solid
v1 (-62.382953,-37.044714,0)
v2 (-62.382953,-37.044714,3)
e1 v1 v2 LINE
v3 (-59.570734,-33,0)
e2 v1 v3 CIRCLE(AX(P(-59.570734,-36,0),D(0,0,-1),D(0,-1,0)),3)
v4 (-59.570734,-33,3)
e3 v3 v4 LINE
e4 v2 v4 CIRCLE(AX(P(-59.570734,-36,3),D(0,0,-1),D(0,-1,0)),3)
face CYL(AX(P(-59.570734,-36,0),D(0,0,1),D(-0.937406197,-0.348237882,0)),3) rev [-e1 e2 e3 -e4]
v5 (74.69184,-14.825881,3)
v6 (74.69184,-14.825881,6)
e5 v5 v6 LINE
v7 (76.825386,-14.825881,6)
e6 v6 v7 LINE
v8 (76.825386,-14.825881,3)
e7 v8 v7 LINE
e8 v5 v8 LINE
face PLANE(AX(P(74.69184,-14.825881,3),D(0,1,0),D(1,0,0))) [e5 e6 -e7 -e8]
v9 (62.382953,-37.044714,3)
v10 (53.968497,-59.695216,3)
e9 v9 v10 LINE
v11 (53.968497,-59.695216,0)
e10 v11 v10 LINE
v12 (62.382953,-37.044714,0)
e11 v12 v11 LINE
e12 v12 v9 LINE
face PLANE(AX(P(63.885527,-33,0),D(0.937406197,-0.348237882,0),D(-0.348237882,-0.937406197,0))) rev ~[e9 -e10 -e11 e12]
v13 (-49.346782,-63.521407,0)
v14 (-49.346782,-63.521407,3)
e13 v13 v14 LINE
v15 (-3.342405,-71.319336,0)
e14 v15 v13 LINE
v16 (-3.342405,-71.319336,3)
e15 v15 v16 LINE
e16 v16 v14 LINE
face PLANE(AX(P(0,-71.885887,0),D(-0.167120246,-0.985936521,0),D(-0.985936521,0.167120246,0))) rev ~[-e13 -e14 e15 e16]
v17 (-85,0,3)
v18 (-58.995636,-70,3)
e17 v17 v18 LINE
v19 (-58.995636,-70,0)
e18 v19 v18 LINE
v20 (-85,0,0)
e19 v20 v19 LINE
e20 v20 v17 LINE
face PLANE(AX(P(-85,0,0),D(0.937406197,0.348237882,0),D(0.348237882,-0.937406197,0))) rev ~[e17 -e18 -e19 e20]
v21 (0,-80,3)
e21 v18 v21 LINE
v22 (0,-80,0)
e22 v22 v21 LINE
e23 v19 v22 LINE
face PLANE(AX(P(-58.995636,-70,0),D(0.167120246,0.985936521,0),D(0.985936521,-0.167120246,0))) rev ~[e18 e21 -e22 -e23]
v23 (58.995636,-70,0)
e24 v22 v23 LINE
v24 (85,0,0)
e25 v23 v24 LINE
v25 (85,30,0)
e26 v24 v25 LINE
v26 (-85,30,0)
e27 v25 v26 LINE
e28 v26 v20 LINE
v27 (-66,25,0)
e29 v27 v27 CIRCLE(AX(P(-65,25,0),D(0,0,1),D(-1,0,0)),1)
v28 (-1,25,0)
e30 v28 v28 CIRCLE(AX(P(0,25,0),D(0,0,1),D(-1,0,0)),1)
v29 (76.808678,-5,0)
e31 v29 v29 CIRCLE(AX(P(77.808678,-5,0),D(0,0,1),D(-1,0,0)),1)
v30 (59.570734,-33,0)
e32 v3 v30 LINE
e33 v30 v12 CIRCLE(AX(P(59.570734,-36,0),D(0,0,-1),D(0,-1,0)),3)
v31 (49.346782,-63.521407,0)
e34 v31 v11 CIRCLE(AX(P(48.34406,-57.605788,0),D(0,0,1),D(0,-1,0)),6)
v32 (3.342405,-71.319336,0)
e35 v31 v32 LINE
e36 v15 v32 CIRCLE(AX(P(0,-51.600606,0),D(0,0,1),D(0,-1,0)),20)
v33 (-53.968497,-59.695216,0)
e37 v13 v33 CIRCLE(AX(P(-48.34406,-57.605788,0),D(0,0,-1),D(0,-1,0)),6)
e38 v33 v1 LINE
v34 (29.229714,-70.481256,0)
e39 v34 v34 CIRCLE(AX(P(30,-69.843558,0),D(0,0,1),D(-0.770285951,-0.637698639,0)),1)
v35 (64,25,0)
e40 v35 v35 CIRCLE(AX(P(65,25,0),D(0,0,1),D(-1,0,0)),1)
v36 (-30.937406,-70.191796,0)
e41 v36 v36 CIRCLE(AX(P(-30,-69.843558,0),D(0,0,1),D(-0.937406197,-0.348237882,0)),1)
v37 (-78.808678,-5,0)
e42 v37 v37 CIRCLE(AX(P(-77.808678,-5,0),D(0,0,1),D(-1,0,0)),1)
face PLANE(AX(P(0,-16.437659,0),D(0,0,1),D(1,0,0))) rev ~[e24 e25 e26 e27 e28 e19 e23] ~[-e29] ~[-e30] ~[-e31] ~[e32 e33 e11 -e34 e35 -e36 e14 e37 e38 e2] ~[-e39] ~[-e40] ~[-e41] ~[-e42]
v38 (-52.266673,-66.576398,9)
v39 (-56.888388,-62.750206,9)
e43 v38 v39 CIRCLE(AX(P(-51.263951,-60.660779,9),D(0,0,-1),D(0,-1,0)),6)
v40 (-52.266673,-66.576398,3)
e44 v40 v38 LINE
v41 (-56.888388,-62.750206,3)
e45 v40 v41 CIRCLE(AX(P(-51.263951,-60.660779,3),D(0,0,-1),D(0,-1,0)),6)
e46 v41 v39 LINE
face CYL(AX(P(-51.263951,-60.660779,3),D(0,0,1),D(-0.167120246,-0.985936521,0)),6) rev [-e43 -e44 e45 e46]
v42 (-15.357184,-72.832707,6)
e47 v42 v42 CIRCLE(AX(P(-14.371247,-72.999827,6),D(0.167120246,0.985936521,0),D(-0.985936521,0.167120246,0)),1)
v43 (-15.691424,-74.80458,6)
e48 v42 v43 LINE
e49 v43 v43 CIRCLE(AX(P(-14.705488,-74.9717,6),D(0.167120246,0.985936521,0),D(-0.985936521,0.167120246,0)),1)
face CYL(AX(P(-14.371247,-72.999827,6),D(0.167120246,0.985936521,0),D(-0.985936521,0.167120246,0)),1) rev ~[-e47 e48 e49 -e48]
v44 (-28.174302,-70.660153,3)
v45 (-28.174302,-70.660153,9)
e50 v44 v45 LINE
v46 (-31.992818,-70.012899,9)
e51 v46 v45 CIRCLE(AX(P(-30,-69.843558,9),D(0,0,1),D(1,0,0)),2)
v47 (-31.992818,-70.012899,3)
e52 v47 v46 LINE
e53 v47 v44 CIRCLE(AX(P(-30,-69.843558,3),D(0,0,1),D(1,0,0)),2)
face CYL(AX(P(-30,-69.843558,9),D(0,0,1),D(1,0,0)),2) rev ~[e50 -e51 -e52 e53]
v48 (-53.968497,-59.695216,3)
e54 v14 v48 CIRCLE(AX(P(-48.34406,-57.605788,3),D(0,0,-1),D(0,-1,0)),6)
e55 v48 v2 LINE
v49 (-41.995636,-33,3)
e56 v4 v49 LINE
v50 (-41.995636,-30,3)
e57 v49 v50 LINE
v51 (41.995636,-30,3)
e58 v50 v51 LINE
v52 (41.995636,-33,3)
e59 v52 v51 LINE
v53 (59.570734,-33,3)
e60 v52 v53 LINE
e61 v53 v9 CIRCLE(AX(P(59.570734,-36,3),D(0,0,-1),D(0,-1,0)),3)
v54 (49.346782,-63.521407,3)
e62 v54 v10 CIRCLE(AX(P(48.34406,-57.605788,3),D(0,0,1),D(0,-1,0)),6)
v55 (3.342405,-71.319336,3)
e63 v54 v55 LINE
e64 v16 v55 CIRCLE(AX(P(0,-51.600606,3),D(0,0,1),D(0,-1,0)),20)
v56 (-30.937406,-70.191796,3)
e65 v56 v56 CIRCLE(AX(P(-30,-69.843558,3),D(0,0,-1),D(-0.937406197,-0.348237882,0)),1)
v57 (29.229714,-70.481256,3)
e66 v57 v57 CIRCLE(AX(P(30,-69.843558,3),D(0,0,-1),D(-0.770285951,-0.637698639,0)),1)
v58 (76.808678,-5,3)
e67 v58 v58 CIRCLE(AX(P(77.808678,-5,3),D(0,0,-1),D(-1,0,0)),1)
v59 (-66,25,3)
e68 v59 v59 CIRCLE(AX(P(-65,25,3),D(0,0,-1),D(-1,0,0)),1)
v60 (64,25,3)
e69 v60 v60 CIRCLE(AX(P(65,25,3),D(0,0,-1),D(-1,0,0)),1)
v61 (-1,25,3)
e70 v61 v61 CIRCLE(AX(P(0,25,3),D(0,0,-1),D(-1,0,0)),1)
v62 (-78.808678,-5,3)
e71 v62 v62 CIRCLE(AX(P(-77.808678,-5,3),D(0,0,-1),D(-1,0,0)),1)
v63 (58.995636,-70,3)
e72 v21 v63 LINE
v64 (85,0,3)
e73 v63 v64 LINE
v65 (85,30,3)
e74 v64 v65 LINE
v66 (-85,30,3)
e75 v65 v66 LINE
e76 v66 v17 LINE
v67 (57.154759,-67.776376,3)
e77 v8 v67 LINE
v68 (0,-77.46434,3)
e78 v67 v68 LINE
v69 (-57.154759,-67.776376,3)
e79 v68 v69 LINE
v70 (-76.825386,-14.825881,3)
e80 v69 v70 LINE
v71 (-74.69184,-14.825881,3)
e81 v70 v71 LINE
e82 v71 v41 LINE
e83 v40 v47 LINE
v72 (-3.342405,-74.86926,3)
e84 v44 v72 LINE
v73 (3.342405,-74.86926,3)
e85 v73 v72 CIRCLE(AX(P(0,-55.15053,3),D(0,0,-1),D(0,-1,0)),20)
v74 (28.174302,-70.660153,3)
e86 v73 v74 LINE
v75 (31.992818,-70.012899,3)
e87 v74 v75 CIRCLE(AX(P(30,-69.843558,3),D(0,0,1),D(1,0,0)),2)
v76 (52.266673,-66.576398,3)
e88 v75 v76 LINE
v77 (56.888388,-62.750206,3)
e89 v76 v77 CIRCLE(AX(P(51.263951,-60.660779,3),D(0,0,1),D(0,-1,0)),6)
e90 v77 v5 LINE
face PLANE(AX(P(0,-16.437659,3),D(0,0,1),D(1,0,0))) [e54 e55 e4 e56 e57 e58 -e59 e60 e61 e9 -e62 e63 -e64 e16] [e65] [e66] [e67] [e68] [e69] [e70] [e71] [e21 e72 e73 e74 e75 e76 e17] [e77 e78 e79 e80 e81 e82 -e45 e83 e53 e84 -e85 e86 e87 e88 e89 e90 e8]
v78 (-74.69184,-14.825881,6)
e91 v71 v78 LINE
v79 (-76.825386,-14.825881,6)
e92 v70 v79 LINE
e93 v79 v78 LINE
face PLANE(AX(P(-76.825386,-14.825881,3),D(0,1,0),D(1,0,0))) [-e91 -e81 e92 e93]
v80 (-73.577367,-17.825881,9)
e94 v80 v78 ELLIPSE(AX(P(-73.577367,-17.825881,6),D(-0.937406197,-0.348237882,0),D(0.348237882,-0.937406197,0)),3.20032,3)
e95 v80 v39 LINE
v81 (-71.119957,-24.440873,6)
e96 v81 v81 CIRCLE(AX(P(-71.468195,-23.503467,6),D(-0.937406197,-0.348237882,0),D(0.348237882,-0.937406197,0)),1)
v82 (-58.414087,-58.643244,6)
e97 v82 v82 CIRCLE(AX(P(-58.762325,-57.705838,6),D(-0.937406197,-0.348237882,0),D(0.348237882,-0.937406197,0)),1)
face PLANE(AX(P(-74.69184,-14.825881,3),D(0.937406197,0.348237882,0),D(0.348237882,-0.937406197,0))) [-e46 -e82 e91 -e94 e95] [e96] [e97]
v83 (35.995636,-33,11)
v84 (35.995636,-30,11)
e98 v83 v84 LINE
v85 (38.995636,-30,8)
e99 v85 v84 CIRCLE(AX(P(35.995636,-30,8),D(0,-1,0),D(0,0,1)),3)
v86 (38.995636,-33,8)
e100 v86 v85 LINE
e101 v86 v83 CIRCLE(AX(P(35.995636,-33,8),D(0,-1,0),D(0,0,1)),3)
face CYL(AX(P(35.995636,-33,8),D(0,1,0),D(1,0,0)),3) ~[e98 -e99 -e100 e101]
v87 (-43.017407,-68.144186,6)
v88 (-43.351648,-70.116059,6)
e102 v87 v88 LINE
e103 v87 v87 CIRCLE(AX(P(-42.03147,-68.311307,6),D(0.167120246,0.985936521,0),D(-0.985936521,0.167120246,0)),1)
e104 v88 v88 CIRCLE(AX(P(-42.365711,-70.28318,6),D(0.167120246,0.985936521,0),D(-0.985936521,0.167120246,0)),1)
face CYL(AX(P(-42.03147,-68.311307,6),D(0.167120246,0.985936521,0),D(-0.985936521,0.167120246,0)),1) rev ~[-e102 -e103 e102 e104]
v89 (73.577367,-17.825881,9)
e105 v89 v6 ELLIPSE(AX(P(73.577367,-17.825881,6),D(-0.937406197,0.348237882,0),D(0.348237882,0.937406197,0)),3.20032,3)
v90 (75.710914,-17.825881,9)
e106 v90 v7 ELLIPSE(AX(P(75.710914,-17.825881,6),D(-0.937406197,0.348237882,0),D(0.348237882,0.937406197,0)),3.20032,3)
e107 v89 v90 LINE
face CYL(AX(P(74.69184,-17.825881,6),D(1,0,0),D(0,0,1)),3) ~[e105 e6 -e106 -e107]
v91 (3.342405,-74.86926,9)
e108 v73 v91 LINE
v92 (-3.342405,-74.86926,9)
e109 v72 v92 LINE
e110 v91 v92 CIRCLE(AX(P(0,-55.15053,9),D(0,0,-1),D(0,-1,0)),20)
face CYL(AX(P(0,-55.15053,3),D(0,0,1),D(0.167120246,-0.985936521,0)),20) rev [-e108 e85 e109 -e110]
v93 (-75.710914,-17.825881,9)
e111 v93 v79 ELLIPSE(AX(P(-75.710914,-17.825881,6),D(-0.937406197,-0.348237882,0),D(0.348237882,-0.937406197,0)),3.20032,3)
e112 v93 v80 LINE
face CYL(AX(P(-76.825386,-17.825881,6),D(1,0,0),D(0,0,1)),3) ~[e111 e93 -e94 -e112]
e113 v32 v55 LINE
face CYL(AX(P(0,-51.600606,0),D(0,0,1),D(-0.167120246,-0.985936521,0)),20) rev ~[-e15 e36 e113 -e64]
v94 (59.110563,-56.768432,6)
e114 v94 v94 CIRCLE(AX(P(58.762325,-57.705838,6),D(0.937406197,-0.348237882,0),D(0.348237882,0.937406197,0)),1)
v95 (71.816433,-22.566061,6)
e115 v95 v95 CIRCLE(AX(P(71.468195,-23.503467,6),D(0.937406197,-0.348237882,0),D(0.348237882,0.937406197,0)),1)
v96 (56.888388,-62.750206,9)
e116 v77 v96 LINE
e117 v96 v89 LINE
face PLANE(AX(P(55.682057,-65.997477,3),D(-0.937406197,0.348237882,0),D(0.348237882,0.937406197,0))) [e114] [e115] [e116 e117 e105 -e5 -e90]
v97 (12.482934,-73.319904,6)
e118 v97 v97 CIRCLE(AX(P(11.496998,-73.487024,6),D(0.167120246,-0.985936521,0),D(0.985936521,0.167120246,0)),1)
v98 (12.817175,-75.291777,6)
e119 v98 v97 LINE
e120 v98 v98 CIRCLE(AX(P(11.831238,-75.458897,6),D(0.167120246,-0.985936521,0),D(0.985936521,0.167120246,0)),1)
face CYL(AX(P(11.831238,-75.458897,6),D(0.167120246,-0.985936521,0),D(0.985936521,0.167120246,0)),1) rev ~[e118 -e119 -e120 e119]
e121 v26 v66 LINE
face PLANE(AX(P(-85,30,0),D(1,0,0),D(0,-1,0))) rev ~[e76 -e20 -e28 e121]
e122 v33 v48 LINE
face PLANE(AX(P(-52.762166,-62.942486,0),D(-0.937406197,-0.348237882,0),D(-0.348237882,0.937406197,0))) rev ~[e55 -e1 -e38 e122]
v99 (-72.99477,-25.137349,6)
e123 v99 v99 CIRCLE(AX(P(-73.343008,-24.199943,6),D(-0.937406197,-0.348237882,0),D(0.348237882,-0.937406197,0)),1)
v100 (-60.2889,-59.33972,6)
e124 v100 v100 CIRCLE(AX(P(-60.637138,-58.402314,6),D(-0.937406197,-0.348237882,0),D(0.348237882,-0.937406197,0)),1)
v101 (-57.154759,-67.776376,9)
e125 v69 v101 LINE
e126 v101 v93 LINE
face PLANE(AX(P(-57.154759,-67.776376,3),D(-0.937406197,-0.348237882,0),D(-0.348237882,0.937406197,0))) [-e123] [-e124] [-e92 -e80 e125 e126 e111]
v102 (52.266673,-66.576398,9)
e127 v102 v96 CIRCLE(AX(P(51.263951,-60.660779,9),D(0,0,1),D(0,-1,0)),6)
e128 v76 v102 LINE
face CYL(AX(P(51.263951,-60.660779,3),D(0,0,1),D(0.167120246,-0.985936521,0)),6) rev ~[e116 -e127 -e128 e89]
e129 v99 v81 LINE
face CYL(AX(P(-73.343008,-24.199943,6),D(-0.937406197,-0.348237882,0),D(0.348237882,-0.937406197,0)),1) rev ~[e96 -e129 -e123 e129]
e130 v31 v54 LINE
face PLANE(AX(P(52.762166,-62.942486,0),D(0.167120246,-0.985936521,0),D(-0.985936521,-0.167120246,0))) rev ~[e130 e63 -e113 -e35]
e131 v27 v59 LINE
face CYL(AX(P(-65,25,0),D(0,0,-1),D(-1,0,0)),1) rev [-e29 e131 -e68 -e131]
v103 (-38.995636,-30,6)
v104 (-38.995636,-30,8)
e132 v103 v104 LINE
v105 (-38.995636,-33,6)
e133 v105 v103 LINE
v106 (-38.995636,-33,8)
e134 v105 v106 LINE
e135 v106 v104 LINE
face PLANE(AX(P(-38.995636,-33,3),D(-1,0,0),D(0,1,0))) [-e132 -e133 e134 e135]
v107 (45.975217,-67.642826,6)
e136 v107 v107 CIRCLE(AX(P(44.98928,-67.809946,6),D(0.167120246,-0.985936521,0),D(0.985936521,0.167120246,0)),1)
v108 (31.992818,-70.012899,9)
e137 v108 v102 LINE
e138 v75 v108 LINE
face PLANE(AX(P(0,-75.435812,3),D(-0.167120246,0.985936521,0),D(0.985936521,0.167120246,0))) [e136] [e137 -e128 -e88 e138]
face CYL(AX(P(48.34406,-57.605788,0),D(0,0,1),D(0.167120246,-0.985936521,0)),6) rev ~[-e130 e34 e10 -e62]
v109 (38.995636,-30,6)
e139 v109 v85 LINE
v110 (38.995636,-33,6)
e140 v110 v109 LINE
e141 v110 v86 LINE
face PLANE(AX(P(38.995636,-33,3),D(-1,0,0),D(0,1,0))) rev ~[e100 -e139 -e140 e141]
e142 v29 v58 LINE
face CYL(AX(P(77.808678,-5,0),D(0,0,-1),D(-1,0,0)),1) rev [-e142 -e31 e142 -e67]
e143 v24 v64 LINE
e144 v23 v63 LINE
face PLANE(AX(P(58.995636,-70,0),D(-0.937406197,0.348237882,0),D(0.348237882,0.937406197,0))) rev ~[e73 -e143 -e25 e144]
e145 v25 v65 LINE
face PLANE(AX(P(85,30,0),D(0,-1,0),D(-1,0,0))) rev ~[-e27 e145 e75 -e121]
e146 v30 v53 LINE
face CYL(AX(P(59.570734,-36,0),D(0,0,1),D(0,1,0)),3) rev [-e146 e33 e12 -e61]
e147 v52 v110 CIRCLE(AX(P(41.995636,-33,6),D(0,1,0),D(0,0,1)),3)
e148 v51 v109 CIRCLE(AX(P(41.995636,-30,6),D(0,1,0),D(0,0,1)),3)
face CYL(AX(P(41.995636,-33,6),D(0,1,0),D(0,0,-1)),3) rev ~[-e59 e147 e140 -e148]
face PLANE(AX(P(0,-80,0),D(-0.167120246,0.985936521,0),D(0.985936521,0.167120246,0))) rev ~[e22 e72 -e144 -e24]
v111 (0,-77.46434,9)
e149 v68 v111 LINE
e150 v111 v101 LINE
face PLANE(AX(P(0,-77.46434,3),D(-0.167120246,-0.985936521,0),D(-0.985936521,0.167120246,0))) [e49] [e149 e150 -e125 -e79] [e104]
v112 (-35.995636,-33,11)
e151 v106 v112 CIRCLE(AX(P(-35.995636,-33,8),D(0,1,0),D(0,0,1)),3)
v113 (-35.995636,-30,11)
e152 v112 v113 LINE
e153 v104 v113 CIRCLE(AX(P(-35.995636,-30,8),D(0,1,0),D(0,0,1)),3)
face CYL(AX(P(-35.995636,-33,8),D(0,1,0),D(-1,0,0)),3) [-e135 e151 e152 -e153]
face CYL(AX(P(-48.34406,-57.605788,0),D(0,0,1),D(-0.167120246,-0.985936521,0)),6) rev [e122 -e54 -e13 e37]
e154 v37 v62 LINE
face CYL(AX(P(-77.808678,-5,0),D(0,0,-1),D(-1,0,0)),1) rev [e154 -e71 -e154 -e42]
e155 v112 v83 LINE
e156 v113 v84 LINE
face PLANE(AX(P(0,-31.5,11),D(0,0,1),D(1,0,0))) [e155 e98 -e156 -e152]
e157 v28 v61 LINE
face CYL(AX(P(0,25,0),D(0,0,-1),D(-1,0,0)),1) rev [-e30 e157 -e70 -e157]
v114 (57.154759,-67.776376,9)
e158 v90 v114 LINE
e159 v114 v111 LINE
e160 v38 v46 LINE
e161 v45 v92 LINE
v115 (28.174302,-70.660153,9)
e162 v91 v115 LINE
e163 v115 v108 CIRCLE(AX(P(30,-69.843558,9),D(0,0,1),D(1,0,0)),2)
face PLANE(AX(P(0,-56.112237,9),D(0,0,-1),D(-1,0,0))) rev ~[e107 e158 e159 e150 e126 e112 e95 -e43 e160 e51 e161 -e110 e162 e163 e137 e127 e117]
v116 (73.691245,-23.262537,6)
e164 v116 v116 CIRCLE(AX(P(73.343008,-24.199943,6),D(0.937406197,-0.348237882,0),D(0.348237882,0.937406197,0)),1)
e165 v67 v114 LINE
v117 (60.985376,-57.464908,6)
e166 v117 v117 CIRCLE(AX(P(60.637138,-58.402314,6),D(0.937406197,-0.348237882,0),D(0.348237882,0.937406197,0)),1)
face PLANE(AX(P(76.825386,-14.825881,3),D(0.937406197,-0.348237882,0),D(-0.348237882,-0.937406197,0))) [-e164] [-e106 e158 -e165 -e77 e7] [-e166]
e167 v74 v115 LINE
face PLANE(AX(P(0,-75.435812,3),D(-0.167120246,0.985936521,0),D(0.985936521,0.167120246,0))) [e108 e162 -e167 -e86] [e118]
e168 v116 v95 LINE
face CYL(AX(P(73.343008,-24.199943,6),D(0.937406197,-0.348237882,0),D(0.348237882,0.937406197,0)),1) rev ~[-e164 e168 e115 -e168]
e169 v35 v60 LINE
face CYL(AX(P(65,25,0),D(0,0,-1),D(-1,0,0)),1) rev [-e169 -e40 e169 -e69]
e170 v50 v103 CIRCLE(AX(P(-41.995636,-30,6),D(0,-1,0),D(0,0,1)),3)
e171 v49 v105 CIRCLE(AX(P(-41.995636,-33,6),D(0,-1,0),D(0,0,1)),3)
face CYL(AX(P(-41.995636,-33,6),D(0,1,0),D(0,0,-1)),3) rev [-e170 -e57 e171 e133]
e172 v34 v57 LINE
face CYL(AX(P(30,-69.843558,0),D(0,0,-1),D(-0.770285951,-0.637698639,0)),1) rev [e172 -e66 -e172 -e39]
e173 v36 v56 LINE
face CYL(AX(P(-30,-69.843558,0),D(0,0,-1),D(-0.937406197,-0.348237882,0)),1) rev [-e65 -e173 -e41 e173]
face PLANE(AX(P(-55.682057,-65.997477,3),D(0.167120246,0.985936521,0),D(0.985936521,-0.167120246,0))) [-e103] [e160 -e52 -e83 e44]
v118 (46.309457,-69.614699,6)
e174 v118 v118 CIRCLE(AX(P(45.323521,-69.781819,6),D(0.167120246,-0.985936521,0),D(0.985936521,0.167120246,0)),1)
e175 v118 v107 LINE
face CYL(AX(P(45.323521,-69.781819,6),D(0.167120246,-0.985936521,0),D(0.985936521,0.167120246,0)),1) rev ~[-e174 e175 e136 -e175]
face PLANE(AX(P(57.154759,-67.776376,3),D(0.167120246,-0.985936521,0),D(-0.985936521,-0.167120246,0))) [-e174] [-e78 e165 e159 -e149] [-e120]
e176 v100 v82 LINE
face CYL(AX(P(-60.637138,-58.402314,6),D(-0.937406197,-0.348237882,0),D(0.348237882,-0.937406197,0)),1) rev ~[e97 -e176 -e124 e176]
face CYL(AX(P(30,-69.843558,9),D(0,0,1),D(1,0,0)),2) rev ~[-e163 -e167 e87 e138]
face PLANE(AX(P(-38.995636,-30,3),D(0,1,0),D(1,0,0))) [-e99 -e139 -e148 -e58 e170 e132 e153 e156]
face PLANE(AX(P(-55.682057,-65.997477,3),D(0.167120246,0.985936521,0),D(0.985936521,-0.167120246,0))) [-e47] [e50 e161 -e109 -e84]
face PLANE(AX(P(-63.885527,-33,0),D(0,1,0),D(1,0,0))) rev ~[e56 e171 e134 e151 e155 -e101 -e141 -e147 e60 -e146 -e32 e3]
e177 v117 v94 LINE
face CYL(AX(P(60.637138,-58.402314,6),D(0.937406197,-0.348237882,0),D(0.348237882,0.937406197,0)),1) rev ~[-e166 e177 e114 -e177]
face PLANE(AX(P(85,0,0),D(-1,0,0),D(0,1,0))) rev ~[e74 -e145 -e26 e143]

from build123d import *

# Parameters (mm, degrees)
BOSS_EXTRUDE1_DEPTH     = 3
BOSS_EXTRUDE2_DEPTH     = 6
FILLET1_R               = 20
FILLET2_R               = 6
FILLET4_R               = 3
SKETCH4_W               = 77.991272398
SKETCH4_H               = 3
BOSS_EXTRUDE3_DEPTH     = 8
FILLET5_R               = 3
CUT_EXTRUDE1_DEPTH      = 118
CUT_EXTRUDE1_DEPTH_BACK = 3
SKETCH5_R               = 1
SKETCH6_R               = 2
CUT_EXTRUDE2_DEPTH      = 6
FILLET6_R               = 3
SKETCH7_R               = 1
CUT_EXTRUDE3_DEPTH      = 3
SKETCH8_R               = 1
CUT_EXTRUDE4_DEPTH      = 3
SKETCH9_R               = 1
CUT_EXTRUDE5_DEPTH      = 3
SKETCH10_R              = 1
CUT_EXTRUDE6_DEPTH      = 3


with BuildPart() as part:
    # Sketch2 → Boss-Extrude1 (new body)
    with BuildSketch(Plane.XY):
        Polygon((85, 0), (85, 30), (-85, 30), (-85, 0), (-58.995636199, -70), (0, -80), (58.995636199, -70), align=None)
        Polygon((63.885527266, -33), (52.762165892, -62.942485887), (0, -71.885887347), (-52.762165892, -62.942485887), (-63.885527266, -33), align=None, mode=Mode.SUBTRACT)
    extrude(amount=BOSS_EXTRUDE1_DEPTH)

    # Sketch3 → Boss-Extrude2 (add)
    with BuildSketch(Plane.XY.offset(3)):
        Polygon((-74.691839611, -14.825881059), (-55.682056872, -65.99747679), (0, -75.435811633), (55.682056872, -65.99747679), (74.691839611, -14.825881059), (76.82538642, -14.825881059), (57.154758795, -67.776375994), (0, -77.464339796), (-57.154758795, -67.776375994), (-76.82538642, -14.825881059), align=None)
    extrude(amount=BOSS_EXTRUDE2_DEPTH)

    # Fillet1
    fillet1_edges = [part.edges().sort_by_distance(p)[0] for p in [
        (0, -71.885887347, 1.5),
        (0, -75.435811633, 6),
    ]]
    fillet(fillet1_edges, radius=FILLET1_R)

    # Fillet2
    fillet2_edges = [part.edges().sort_by_distance(p)[0] for p in [
        (-52.762165892, -62.942485887, 1.5),
        (52.762165892, -62.942485887, 1.5),
        (55.682056872, -65.99747679, 6),
        (-55.682056872, -65.99747679, 6),
    ]]
    fillet(fillet2_edges, radius=FILLET2_R)

    # Fillet4
    fillet4_edges = [part.edges().sort_by_distance(p)[0] for p in [
        (63.885527266, -33, 1.5),
        (-63.885527266, -33, 1.5),
    ]]
    fillet(fillet4_edges, radius=FILLET4_R)

    # Sketch4 → Boss-Extrude3 (add)
    with BuildSketch(Plane.XY.offset(3)):
        with Locations((0, -31.5)):
            Rectangle(SKETCH4_W, SKETCH4_H)
    extrude(amount=BOSS_EXTRUDE3_DEPTH)

    # Fillet5
    fillet5_edges = [part.edges().sort_by_distance(p)[0] for p in [
        (-38.995636199, -31.5, 3),
        (38.995636199, -31.5, 3),
        (-38.995636199, -31.5, 11),
        (38.995636199, -31.5, 11),
    ]]
    fillet(fillet5_edges, radius=FILLET5_R)

    # Sketch5 → Cut-Extrude1 (cut, two sides: drawn at the far end of the back side and taken through both)
    with BuildSketch(Plane.XY.offset(3).offset(-CUT_EXTRUDE1_DEPTH_BACK)):
        with Locations(Location((-65, 25, 0), (0, 0, 180))):
            Circle(SKETCH5_R)
        with Locations(Location((65, 25, 0), (0, 0, 180))):
            Circle(SKETCH5_R)
        with Locations(Location((0, 25, 0), (0, 0, 180))):
            Circle(SKETCH5_R)
        with Locations(Location((-77.808678419, -5, 0), (0, 0, 180))):
            Circle(SKETCH5_R)
        with Locations(Location((77.808678419, -5, 0), (0, 0, 180))):
            Circle(SKETCH5_R)
        with Locations(Location((-30, -69.84355772, 0), (0, 0, 200.379573945))):
            Circle(SKETCH5_R)
        with Locations(Location((30, -69.84355772, 0), (0, 0, 219.620426055))):
            Circle(SKETCH5_R)
    extrude(amount=CUT_EXTRUDE1_DEPTH + CUT_EXTRUDE1_DEPTH_BACK, mode=Mode.SUBTRACT)

    # Sketch6 → Cut-Extrude2 (cut)
    with BuildSketch(Plane.XY.offset(9)):
        with Locations((30, -69.84355772)):
            Circle(SKETCH6_R)
        with Locations((-30, -69.84355772)):
            Circle(SKETCH6_R)
    extrude(amount=-CUT_EXTRUDE2_DEPTH, mode=Mode.SUBTRACT)

    # Fillet6
    fillet6_edges = [part.edges().sort_by_distance(p)[0] for p in [
        (-75.758613015, -14.825881059, 9),
        (75.758613015, -14.825881059, 9),
    ]]
    fillet(fillet6_edges, radius=FILLET6_R)

    # Sketch7 → Cut-Extrude3 (cut)
    with BuildSketch(Plane(origin=(-72.348566579, -26.876834941, 0), x_dir=(0, 0, 1), z_dir=(-0.9374061965324084, -0.3482378823486089, 0))):
        with Locations(Location((6, 2.855637104, 0), (0, 0, 270))):
            Circle(SKETCH7_R)
        with Locations(Location((6, -33.630542667, 0), (0, 0, 270))):
            Circle(SKETCH7_R)
    extrude(amount=-CUT_EXTRUDE3_DEPTH, mode=Mode.SUBTRACT)

    # Sketch8 → Cut-Extrude4 (cut)
    with BuildSketch(Plane(origin=(72.348566579, -26.876834941, 0), x_dir=(0, 0, -1), z_dir=(0.9374061965324085, -0.3482378823486088, 0))):
        with Locations(Location((-6, 2.855637104, 0), (0, 0, 90))):
            Circle(SKETCH8_R)
        with Locations(Location((-6, -33.630542667, 0), (0, 0, 90))):
            Circle(SKETCH8_R)
    extrude(amount=-CUT_EXTRUDE4_DEPTH, mode=Mode.SUBTRACT)

    # Sketch9 → Cut-Extrude5 (cut)
    with BuildSketch(Plane(origin=(-12.429555178, -73.328951536, 0), x_dir=(0.9859365210363187, -0.1671202455922104, 0), z_dir=(0.1671202455922104, 0.9859365210363187, 0))):
        with Locations(Location((-1.969388477, -6, 0), (0, 0, 180))):
            Circle(SKETCH9_R)
        with Locations(Location((-30.024159445, -6, 0), (0, 0, 180))):
            Circle(SKETCH9_R)
    extrude(amount=-CUT_EXTRUDE5_DEPTH, mode=Mode.SUBTRACT)

    # Sketch10 → Cut-Extrude6 (cut)
    with BuildSketch(Plane(origin=(12.763795669, -75.300824578, 0), x_dir=(0.9859365210363187, 0.1671202455922103, 0), z_dir=(0.1671202455922103, -0.9859365210363187, 0))):
        with Locations((-0.945859491, 6)):
            Circle(SKETCH10_R)
        with Locations((33.024159445, 6)):
            Circle(SKETCH10_R)
    extrude(amount=-CUT_EXTRUDE6_DEPTH, mode=Mode.SUBTRACT)


solid = part.part
